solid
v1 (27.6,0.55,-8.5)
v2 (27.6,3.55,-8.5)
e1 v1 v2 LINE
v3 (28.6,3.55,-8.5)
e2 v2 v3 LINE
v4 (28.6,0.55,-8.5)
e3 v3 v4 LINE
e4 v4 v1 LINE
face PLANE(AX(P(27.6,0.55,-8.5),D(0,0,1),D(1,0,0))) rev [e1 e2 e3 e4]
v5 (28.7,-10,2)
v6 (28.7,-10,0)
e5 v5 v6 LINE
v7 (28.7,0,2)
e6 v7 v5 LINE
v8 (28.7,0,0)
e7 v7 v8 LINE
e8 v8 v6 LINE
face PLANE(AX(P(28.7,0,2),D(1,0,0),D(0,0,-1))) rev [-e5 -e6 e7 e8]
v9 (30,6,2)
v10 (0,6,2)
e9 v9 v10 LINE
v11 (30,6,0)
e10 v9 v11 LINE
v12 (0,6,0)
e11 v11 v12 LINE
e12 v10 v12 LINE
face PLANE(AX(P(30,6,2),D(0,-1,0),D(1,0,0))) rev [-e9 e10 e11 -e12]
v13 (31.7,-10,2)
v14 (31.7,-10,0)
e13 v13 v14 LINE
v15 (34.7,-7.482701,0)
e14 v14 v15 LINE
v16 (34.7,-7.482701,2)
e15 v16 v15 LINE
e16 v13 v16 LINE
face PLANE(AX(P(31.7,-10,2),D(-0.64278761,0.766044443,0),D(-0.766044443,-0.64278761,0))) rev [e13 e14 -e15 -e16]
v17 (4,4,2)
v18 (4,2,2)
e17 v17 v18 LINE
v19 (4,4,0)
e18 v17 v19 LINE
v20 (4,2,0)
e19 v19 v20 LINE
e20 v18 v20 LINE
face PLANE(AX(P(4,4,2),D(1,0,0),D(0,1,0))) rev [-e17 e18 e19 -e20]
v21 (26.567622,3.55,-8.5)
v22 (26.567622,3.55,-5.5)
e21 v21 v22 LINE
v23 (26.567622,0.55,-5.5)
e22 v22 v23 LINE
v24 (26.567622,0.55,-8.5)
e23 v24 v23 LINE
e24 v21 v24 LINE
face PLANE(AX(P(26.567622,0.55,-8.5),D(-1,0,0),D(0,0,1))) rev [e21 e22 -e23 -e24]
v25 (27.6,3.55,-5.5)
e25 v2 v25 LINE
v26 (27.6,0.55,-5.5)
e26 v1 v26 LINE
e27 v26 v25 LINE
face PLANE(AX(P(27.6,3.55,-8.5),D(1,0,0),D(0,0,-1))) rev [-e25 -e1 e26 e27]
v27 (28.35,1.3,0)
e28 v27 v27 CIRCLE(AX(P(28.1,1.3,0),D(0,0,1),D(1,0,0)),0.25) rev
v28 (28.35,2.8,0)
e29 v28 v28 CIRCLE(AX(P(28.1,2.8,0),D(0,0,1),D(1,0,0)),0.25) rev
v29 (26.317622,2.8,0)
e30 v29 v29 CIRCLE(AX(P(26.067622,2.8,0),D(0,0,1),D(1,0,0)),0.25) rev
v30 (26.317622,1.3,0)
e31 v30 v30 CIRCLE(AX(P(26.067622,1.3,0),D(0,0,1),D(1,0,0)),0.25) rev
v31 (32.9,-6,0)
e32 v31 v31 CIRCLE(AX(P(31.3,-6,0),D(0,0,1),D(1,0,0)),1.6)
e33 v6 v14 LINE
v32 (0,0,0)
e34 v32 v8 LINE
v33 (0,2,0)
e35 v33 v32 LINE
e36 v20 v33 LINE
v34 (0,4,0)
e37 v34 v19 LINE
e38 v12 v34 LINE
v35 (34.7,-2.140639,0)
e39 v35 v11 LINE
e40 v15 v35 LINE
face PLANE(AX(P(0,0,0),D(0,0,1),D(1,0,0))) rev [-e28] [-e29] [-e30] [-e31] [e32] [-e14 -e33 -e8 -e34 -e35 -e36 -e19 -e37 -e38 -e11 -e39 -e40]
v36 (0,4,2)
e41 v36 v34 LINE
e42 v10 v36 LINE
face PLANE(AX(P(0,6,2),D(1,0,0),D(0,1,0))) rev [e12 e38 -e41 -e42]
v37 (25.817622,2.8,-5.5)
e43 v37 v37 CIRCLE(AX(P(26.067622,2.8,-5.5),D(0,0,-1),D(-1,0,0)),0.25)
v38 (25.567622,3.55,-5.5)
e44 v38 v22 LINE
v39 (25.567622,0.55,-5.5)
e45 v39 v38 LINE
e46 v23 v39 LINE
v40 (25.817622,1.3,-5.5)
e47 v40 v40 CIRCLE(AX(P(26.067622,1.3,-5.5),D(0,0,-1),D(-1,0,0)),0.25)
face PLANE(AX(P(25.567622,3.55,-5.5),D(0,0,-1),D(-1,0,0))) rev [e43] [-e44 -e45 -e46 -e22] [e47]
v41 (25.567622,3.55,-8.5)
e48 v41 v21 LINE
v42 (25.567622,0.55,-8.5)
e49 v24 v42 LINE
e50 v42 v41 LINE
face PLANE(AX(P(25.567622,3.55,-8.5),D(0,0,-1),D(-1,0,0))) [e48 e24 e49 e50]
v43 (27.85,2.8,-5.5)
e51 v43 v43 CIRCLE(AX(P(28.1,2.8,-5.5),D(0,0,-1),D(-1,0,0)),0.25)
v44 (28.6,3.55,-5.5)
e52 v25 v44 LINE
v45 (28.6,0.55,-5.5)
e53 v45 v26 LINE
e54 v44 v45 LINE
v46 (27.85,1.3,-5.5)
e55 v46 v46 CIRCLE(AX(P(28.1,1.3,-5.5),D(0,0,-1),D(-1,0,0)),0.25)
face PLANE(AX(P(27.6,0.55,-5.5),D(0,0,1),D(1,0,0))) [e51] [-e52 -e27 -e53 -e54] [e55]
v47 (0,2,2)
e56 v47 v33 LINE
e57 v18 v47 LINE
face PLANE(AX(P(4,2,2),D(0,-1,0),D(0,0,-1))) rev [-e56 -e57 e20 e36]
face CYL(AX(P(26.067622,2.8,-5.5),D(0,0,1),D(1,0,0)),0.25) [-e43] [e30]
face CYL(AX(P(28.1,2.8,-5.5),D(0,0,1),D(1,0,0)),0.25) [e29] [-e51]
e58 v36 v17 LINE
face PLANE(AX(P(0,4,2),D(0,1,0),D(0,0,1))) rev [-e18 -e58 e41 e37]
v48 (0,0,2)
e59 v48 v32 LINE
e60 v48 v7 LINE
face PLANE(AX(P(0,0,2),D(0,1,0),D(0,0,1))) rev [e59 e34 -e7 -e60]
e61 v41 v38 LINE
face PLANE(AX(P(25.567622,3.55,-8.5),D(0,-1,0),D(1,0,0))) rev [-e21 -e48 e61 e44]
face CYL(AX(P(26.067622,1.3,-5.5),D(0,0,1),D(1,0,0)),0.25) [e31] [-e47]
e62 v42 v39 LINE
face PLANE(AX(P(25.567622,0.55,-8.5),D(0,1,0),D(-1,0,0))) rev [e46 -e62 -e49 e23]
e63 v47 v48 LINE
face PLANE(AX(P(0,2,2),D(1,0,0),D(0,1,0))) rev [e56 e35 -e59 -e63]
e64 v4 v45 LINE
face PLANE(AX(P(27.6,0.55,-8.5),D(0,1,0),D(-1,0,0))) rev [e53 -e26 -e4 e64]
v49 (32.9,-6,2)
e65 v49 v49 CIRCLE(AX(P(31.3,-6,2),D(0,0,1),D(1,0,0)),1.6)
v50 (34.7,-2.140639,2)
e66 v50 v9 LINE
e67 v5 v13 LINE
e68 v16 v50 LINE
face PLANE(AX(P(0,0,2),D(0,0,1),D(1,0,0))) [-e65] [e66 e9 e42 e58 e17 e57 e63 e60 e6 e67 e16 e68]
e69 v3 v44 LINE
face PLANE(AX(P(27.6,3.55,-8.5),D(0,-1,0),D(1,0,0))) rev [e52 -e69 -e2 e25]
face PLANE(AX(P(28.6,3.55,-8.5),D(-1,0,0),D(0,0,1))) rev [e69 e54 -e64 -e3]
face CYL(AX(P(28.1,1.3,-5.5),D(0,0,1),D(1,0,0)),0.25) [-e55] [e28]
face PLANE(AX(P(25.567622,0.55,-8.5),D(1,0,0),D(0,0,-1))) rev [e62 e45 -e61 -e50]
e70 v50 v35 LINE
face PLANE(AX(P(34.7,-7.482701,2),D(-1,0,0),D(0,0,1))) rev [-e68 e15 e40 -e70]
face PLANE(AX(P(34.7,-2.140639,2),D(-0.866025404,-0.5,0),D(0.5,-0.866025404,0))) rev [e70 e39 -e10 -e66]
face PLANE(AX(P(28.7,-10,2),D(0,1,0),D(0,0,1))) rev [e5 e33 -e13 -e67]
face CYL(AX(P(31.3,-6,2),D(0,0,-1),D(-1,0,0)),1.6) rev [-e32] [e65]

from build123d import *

# Parameters (mm, degrees)
ESQUISSE1_R        = 1.6
BOSS_EXTRU_1_DEPTH = 2
ESQUISSE2_R        = 0.25
BOSS_EXTRU_2_DEPTH = 5.5
ESQUISSE3_W        = 1
ESQUISSE3_H        = 3
BOSS_EXTRU_3_DEPTH = 3


with BuildPart() as part:
    # Esquisse1 → Boss.-Extru.1 (new body)
    with BuildSketch(Plane.XY):
        Polygon((0, 0), (28.7, 0), (28.7, -10), (31.7, -10), (34.7, -7.482701106), (34.7, -2.140638796), (30, 6), (0, 6), (0, 4), (4, 4), (4, 2), (0, 2), align=None)
        with Locations((31.3, -6)):
            Circle(ESQUISSE1_R, mode=Mode.SUBTRACT)
    extrude(amount=BOSS_EXTRU_1_DEPTH)

    # Esquisse2 → Boss.-Extru.2 (add)
    with BuildSketch(Plane(origin=(0, 0, 0), x_dir=(-1, 0, 0), z_dir=(0, 0, -1))):
        with Locations(Location((-28.1, 1.3, 0), (0, 0, 180))):
            Circle(ESQUISSE2_R)
        with Locations(Location((-28.1, 2.8, 0), (0, 0, 180))):
            Circle(ESQUISSE2_R)
        with Locations(Location((-26.067622213, 1.3, 0), (0, 0, 180))):
            Circle(ESQUISSE2_R)
        with Locations(Location((-26.067622213, 2.8, 0), (0, 0, 180))):
            Circle(ESQUISSE2_R)
    extrude(amount=BOSS_EXTRU_2_DEPTH)

    # Esquisse3 → Boss.-Extru.3 (add)
    with BuildSketch(Plane(origin=(0, 0, -5.5), x_dir=(-1, 0, 0), z_dir=(0, 0, -1))):
        with Locations((-28.1, 2.05)):
            Rectangle(ESQUISSE3_W, ESQUISSE3_H)
        with Locations((-26.067622213, 2.05)):
            Rectangle(ESQUISSE3_W, ESQUISSE3_H)
    extrude(amount=BOSS_EXTRU_3_DEPTH)


solid = part.part
